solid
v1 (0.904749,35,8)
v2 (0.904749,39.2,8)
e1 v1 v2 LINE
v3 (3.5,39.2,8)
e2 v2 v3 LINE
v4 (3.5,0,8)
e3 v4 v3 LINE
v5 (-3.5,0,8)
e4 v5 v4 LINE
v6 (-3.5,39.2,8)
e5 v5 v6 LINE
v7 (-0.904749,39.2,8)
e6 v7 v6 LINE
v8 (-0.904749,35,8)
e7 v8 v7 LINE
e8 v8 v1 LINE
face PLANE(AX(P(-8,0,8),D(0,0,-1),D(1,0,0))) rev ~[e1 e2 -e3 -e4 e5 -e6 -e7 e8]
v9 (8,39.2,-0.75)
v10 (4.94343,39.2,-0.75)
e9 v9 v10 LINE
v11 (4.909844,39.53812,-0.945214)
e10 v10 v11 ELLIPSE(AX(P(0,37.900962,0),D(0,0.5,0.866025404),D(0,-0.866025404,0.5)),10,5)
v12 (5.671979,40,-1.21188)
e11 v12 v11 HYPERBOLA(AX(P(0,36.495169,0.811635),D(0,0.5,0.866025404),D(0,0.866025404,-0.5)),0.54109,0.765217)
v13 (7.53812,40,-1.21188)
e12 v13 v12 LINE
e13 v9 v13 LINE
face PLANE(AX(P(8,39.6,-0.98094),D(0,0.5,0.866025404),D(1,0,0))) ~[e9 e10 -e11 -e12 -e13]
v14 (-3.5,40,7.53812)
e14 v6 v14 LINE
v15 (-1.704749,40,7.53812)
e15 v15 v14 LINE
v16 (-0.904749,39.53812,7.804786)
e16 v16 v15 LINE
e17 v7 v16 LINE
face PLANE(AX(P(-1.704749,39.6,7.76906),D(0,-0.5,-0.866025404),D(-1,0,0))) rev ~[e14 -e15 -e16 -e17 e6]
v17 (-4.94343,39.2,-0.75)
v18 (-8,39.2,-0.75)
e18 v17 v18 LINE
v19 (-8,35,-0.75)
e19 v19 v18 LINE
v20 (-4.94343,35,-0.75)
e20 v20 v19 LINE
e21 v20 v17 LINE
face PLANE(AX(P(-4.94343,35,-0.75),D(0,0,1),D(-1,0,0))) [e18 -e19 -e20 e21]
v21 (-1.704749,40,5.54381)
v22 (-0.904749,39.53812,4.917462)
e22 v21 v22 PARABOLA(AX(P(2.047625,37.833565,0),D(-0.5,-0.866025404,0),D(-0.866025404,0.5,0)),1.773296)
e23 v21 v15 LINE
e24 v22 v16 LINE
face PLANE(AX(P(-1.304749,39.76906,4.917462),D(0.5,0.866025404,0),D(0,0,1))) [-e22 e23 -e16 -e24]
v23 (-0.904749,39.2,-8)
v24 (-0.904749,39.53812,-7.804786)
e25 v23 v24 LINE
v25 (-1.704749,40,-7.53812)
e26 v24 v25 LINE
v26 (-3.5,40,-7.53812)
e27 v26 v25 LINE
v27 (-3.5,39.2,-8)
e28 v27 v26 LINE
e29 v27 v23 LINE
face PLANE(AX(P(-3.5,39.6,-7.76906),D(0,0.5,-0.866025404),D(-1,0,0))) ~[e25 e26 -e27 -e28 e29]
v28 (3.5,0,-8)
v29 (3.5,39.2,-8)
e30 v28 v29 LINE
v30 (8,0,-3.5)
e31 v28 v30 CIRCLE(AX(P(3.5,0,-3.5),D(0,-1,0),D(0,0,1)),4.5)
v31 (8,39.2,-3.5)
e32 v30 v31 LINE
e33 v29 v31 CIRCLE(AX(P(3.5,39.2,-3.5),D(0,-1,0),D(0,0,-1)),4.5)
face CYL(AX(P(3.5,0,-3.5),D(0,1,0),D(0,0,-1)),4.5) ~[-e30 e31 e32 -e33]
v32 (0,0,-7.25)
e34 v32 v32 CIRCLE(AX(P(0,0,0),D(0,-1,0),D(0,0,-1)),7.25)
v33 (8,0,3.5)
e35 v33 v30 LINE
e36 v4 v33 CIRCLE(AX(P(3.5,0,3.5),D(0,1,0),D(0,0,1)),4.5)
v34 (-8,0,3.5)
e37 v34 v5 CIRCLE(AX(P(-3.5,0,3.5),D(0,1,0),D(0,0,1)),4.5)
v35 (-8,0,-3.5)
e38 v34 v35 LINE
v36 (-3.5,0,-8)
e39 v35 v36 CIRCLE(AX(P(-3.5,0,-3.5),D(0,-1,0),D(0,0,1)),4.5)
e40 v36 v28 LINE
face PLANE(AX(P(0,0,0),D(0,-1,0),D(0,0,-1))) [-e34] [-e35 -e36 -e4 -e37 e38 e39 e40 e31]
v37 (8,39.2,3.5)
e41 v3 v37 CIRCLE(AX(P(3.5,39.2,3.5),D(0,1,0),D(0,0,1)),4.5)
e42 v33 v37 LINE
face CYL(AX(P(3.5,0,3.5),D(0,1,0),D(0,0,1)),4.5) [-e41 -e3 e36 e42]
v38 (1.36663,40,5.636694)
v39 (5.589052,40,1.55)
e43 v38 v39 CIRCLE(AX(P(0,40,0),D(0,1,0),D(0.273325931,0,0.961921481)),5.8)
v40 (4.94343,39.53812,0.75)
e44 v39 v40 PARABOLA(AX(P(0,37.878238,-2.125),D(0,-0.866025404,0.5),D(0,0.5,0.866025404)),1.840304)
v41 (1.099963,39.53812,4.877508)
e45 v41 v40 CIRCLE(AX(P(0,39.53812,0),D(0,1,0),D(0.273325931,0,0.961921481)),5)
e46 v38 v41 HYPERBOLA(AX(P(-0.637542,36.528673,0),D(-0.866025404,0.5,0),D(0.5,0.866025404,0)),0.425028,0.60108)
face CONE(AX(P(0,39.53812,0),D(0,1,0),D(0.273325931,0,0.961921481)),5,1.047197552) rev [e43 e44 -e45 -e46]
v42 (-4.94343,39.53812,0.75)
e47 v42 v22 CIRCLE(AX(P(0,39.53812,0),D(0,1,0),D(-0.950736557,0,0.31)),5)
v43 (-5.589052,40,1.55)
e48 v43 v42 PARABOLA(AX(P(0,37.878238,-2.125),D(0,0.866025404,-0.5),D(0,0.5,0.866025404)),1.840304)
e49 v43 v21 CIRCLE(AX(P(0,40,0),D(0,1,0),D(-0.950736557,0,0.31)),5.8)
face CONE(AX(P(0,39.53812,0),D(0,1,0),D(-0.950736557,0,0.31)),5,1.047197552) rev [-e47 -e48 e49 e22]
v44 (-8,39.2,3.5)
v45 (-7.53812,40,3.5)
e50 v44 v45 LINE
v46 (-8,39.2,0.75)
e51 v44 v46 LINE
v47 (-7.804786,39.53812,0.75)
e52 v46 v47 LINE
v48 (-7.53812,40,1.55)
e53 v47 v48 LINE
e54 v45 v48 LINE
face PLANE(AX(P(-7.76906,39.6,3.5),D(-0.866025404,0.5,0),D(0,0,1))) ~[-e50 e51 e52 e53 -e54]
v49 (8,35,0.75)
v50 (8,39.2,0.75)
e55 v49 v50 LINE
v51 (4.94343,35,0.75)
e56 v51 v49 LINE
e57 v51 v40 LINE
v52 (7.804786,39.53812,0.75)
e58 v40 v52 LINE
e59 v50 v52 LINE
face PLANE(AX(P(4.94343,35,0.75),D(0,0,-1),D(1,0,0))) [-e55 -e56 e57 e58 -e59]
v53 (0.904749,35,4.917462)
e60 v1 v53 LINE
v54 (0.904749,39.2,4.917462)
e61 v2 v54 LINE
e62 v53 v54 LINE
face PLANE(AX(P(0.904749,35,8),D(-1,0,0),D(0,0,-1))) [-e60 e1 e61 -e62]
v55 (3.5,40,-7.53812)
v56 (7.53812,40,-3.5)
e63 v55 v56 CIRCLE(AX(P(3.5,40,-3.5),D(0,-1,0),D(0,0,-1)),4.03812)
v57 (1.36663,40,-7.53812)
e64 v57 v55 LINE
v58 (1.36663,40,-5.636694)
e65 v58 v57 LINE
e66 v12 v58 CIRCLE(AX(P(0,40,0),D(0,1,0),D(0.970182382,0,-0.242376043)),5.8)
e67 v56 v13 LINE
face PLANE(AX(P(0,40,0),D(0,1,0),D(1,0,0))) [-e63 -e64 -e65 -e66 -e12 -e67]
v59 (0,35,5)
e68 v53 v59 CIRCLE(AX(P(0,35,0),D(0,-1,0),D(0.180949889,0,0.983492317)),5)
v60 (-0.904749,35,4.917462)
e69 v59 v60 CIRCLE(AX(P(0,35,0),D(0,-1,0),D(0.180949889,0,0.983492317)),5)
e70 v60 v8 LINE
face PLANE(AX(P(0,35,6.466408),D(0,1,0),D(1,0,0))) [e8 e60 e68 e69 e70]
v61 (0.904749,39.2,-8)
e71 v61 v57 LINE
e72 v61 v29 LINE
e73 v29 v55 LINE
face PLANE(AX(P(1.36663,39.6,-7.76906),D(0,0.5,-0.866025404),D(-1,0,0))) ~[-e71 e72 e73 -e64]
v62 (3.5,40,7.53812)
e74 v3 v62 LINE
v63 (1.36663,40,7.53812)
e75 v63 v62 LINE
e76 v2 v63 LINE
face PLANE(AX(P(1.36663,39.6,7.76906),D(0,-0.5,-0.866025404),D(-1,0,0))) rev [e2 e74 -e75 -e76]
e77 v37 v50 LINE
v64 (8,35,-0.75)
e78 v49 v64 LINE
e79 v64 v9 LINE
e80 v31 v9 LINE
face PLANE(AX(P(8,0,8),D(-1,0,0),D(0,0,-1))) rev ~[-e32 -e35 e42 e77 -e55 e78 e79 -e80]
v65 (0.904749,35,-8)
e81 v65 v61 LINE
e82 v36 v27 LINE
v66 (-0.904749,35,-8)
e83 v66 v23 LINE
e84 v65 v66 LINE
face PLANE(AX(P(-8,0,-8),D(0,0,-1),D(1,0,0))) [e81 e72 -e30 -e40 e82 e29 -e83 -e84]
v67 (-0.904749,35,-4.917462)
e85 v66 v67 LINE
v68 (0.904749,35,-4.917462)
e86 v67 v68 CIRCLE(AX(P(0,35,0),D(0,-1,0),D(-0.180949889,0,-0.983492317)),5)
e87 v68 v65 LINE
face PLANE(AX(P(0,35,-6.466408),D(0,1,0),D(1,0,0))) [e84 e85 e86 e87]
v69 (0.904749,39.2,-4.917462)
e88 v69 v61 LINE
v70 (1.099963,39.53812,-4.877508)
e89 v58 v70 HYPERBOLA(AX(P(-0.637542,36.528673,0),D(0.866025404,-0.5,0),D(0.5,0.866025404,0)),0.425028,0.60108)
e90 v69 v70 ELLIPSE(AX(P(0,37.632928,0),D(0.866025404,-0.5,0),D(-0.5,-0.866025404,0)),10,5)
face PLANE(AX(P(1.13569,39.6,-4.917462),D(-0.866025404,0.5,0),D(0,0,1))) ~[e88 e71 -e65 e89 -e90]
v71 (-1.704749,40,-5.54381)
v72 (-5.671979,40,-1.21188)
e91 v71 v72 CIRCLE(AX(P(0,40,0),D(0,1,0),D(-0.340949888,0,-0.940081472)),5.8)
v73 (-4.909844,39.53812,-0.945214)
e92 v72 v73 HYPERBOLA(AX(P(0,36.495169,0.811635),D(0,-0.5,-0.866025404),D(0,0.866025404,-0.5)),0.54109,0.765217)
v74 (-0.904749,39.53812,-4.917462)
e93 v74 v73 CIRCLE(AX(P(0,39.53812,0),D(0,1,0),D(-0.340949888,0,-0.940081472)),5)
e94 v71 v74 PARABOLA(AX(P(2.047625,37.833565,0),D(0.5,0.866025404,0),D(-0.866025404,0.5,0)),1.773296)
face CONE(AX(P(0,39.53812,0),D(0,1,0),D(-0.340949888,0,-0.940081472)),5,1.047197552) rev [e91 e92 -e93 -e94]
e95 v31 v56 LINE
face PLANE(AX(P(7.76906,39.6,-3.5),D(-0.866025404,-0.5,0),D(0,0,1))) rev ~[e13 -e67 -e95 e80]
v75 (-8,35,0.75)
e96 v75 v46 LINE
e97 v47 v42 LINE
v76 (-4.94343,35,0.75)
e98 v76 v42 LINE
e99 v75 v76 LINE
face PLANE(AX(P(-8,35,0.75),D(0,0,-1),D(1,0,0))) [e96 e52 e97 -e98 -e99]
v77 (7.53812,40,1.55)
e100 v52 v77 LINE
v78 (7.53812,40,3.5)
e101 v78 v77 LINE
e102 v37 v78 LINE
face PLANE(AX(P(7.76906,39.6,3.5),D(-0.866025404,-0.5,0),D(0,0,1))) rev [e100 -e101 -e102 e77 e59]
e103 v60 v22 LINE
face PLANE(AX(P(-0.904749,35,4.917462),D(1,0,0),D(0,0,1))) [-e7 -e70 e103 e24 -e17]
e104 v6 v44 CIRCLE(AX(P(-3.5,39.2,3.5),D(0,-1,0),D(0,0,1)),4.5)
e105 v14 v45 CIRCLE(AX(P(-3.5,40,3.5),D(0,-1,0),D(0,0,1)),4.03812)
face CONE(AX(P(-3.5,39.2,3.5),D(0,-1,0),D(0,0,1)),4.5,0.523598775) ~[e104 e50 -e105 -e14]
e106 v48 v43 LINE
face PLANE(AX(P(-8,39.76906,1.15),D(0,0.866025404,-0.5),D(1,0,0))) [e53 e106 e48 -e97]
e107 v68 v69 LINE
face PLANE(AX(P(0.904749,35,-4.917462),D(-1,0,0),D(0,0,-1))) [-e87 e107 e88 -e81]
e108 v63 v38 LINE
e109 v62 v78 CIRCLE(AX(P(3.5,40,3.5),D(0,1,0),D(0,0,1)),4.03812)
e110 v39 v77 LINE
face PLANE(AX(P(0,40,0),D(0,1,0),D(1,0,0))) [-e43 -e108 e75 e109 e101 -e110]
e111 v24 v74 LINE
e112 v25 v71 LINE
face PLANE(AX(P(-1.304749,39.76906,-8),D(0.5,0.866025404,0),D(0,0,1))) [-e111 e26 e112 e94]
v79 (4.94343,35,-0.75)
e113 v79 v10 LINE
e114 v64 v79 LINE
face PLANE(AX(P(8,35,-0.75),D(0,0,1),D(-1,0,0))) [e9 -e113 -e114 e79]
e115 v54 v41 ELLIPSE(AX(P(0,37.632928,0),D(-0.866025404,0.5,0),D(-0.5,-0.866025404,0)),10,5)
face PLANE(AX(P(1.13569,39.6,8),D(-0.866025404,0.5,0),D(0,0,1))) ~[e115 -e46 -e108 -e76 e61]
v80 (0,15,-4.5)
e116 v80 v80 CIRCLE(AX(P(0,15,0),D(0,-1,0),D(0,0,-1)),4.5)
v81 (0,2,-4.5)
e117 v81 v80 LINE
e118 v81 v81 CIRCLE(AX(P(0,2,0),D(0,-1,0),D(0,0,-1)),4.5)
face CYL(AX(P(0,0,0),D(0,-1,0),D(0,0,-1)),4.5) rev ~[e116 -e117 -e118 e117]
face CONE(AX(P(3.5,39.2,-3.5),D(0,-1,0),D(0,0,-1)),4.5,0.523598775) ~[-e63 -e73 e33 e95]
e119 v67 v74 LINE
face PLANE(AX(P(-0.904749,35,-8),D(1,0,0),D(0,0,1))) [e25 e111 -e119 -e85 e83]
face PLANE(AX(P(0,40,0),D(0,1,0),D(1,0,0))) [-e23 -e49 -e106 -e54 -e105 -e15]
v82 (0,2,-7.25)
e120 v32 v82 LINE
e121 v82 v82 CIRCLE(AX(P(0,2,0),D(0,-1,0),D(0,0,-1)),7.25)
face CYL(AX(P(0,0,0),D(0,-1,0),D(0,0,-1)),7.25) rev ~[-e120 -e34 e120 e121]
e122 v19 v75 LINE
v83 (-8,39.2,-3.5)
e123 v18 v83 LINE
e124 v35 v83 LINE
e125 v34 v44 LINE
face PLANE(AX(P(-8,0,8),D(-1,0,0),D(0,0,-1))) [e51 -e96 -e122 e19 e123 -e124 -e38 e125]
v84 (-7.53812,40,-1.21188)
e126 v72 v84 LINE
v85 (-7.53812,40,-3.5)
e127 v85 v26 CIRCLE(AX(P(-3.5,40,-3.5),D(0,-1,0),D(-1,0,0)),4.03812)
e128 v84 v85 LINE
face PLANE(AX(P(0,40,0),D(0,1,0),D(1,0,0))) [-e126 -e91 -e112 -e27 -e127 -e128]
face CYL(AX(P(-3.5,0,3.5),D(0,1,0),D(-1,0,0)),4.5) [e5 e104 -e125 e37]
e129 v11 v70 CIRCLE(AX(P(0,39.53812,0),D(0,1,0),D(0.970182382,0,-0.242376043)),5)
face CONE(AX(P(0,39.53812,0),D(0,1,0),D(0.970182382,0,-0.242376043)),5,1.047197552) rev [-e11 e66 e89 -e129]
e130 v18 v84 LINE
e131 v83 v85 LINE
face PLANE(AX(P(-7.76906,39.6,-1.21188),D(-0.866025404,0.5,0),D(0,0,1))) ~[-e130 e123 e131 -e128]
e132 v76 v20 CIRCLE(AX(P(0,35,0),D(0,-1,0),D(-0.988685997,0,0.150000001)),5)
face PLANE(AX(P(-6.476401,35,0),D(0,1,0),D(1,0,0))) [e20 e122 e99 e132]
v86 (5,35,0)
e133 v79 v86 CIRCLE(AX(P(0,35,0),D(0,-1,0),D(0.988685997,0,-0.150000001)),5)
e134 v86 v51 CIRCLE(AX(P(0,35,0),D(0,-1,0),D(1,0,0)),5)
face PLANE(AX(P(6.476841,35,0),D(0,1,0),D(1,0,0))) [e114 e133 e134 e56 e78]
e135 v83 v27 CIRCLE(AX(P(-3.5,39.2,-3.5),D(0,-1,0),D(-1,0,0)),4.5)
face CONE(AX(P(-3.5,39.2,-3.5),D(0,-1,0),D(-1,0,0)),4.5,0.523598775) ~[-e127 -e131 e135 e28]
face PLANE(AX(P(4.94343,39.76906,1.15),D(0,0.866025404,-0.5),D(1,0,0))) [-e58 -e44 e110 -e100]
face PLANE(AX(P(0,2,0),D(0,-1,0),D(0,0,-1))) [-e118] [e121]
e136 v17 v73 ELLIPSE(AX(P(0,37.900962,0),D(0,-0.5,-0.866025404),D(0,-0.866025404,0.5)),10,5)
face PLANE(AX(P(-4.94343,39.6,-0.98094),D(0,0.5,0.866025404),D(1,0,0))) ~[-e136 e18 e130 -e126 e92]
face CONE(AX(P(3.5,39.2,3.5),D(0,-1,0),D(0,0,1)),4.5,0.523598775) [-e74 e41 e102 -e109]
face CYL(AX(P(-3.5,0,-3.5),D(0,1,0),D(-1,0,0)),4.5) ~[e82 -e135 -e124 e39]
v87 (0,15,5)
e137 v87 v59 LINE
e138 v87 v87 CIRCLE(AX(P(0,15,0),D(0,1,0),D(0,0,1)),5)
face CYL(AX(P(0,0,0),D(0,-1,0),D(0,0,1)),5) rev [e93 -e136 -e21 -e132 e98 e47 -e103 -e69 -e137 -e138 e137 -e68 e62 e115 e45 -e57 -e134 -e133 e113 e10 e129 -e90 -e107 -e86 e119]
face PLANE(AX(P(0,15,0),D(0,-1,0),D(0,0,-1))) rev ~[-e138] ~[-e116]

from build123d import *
from OCP.BRepFilletAPI import BRepFilletAPI_MakeChamfer

# Parameters (mm, degrees)
SKETCH1_W           = 16
SKETCH1_H           = 16
SKETCH1_R           = 5
BOSS_EXTRUDE1_DEPTH = 40
FILLET1_R           = 4.5
CUT_EXTRUDE1_START  = -5
CUT_EXTRUDE1_DEPTH  = 5
CHAMFER1_SIZE       = 0.8
CHAMFER1_SIZE2      = 0.461880215
CHAMFER2_SIZE       = 0.8
CHAMFER2_SIZE2      = 0.461880215
SKETCH3_R           = 5
SKETCH3_R_2         = 4.5
BOSS_EXTRUDE2_DEPTH = 15
SKETCH4_R           = 7.25
CUT_EXTRUDE2_DEPTH  = 2


with BuildPart() as part:
    # Sketch1 → Boss-Extrude1 (new body)
    with BuildSketch(Plane(origin=(0, 0, 0), x_dir=(1, 0, 0), z_dir=(0, 1, 0))):
        Rectangle(SKETCH1_W, SKETCH1_H)
        with Locations(Location((0, 0, 0), (0, 0, 270))):
            Circle(SKETCH1_R, mode=Mode.SUBTRACT)
    extrude(amount=BOSS_EXTRUDE1_DEPTH)

    # Fillet1
    fillet1_edges = [part.edges().sort_by_distance(p)[0] for p in [
        (8, 20, 8),
        (-8, 20, 8),
        (-8, 20, -8),
        (8, 20, -8),
    ]]
    fillet(fillet1_edges, radius=FILLET1_R)

    # Sketch2 → Cut-Extrude1 (cut)
    with BuildSketch(Plane(origin=(0, 40, 0), x_dir=(1, 0, 0), z_dir=(0, 1, 0)).offset(CUT_EXTRUDE1_START)):
        with BuildLine():
            ThreePointArc((5, 0), (4.985837438, -0.376065209), (4.943429983, -0.75))
            Line((4.943429983, -0.75), (8, -0.75))
            Line((8, -0.75), (8, 0.75))
            Line((8, 0.75), (4.943429983, 0.75))
            ThreePointArc((4.943429983, 0.75), (4.985837438, 0.376065209), (5, 0))
        make_face()
        with BuildLine():
            Line((-0.904749438, 8), (-0.904749438, 4.917461586))
            ThreePointArc((-0.904749438, 4.917461586), (0, 5), (0.904749438, 4.917461586))
            Line((0.904749438, 4.917461586), (0.904749438, 8))
            Line((0.904749438, 8), (-0.904749438, 8))
        make_face()
        with BuildLine():
            ThreePointArc((0.904749438, -4.917461586), (0, -5), (-0.904749438, -4.917461586))
            Line((-0.904749438, -4.917461586), (-0.904749438, -8))
            Line((-0.904749438, -8), (0.904749438, -8))
            Line((0.904749438, -8), (0.904749438, -4.917461586))
        make_face()
        with BuildLine():
            Line((-8, 0.75), (-8, -0.75))
            Line((-8, -0.75), (-4.943429983, -0.75))
            ThreePointArc((-4.943429983, -0.75), (-5, 0), (-4.943429983, 0.75))
            Line((-4.943429983, 0.75), (-8, 0.75))
        make_face()
    extrude(amount=CUT_EXTRUDE1_DEPTH, mode=Mode.SUBTRACT)

    # Chamfer1: one chamfer whose edges measure the first distance from different faces: ONE call of the kernel's chamfer builder (chamfer() names one face for all edges)
    chamfer1_edges_1 = [part.edges().sort_by_distance(p)[0] for p in [
        (6.471714992, 40, -0.75),
    ]]
    chamfer1_side_1 = [part.faces().sort_by_distance(p)[0] for p in [
        (6.471714992, 37.5, -0.75),
    ]]
    chamfer1_edges_2 = [part.edges().sort_by_distance(p)[0] for p in [
        (6.471714992, 40, 0.75),
    ]]
    chamfer1_side_2 = [part.faces().sort_by_distance(p)[0] for p in [
        (4.797663916, 40, 4.721192893),
    ]]
    chamfer1_edges_3 = [part.edges().sort_by_distance(p)[0] for p in [
        (0.904749438, 40, -6.458730793),
    ]]
    chamfer1_side_3 = [part.faces().sort_by_distance(p)[0] for p in [
        (0.904749438, 37.5, -6.458730793),
    ]]
    chamfer1_edges_4 = [part.edges().sort_by_distance(p)[0] for p in [
        (-0.904749438, 40, -6.458730793),
    ]]
    chamfer1_side_4 = [part.faces().sort_by_distance(p)[0] for p in [
        (-4.797663916, 40, -4.721192893),
    ]]
    chamfer1_edges_5 = [part.edges().sort_by_distance(p)[0] for p in [
        (0.904749438, 40, 6.458730793),
    ]]
    chamfer1_side_5 = [part.faces().sort_by_distance(p)[0] for p in [
        (0.904749438, 37.5, 6.458730793),
    ]]
    chamfer1_edges_6 = [part.edges().sort_by_distance(p)[0] for p in [
        (-0.904749438, 40, 6.458730793),
        (-6.471714992, 40, 0.75),
    ]]
    chamfer1_side_6 = [part.faces().sort_by_distance(p)[0] for p in [
        (-4.797663916, 40, 4.721192893),
    ]]
    chamfer1_edges_7 = [part.edges().sort_by_distance(p)[0] for p in [
        (-6.471714992, 40, -0.75),
    ]]
    chamfer1_side_7 = [part.faces().sort_by_distance(p)[0] for p in [
        (-6.471714992, 37.5, -0.75),
    ]]
    chamfer1 = BRepFilletAPI_MakeChamfer(part.part.solid().wrapped)
    for e in chamfer1_edges_1:
        chamfer1.Add(CHAMFER1_SIZE, CHAMFER1_SIZE2, e.wrapped, chamfer1_side_1[0].wrapped)  # the first distance lies on this face
    for e in chamfer1_edges_2:
        chamfer1.Add(CHAMFER1_SIZE, CHAMFER1_SIZE2, e.wrapped, chamfer1_side_2[0].wrapped)  # the first distance lies on this face
    for e in chamfer1_edges_3:
        chamfer1.Add(CHAMFER1_SIZE, CHAMFER1_SIZE2, e.wrapped, chamfer1_side_3[0].wrapped)  # the first distance lies on this face
    for e in chamfer1_edges_4:
        chamfer1.Add(CHAMFER1_SIZE, CHAMFER1_SIZE2, e.wrapped, chamfer1_side_4[0].wrapped)  # the first distance lies on this face
    for e in chamfer1_edges_5:
        chamfer1.Add(CHAMFER1_SIZE, CHAMFER1_SIZE2, e.wrapped, chamfer1_side_5[0].wrapped)  # the first distance lies on this face
    for e in chamfer1_edges_6:
        chamfer1.Add(CHAMFER1_SIZE, CHAMFER1_SIZE2, e.wrapped, chamfer1_side_6[0].wrapped)  # the first distance lies on this face
    for e in chamfer1_edges_7:
        chamfer1.Add(CHAMFER1_SIZE, CHAMFER1_SIZE2, e.wrapped, chamfer1_side_7[0].wrapped)  # the first distance lies on this face
    add(Compound.cast(chamfer1.Shape()), mode=Mode.REPLACE)

    # Chamfer2: one chamfer whose edges measure the first distance from different faces: ONE call of the kernel's chamfer builder (chamfer() names one face for all edges)
    chamfer2_edges_1 = [part.edges().sort_by_distance(p)[0] for p in [
        (-3.592924063, 40, 3.477196669),
    ]]
    chamfer2_side_1 = [part.faces().sort_by_distance(p)[0] for p in [
        (-4.956967709, 40, 4.876915228),
    ]]
    chamfer2_edges_2 = [part.edges().sort_by_distance(p)[0] for p in [
        (3.467104871, 40, 3.602663433),
    ]]
    chamfer2_side_2 = [part.faces().sort_by_distance(p)[0] for p in [
        (4.836216734, 40, 4.929925488),
    ]]
    chamfer2_edges_3 = [part.edges().sort_by_distance(p)[0] for p in [
        (3.59170795, 40, -3.478452817),
    ]]
    chamfer2_side_3 = [part.faces().sort_by_distance(p)[0] for p in [
        (4.888861893, 40, -4.810636969),
    ]]
    chamfer2_edges_4 = [part.edges().sort_by_distance(p)[0] for p in [
        (-3.713035057, 40, -3.348637136),
    ]]
    chamfer2_side_4 = [part.faces().sort_by_distance(p)[0] for p in [
        (-5.007269345, 40, -4.755258355),
    ]]
    chamfer2_edges_5 = [part.edges().sort_by_distance(p)[0] for p in [
        (-2.602374719, 40, -8),
        (2.433314827, 40, -8),
    ]]
    chamfer2_side_5 = [part.faces().sort_by_distance(p)[0] for p in [
        (7.6955e-05, 19.387827312, -8),
    ]]
    chamfer2_edges_6 = [part.edges().sort_by_distance(p)[0] for p in [
        (-8, 40, -2.355940108),
        (-8, 40, 2.525),
    ]]
    chamfer2_side_6 = [part.faces().sort_by_distance(p)[0] for p in [
        (-8, 19.4908238, -7.6518e-05),
    ]]
    chamfer2_edges_7 = [part.edges().sort_by_distance(p)[0] for p in [
        (-6.681980515, 40, -6.681980515),
    ]]
    chamfer2_side_7 = [part.faces().sort_by_distance(p)[0] for p in [
        (-6.681980515, 20, -6.681980515),
    ]]
    chamfer2_edges_8 = [part.edges().sort_by_distance(p)[0] for p in [
        (-2.602374719, 40, 8),
        (2.433314827, 40, 8),
    ]]
    chamfer2_side_8 = [part.faces().sort_by_distance(p)[0] for p in [
        (7.6955e-05, 19.387827312, 8),
    ]]
    chamfer2_edges_9 = [part.edges().sort_by_distance(p)[0] for p in [
        (-6.681980515, 40, 6.681980515),
    ]]
    chamfer2_side_9 = [part.faces().sort_by_distance(p)[0] for p in [
        (-6.681980515, 20, 6.681980515),
    ]]
    chamfer2_edges_10 = [part.edges().sort_by_distance(p)[0] for p in [
        (8, 40, 2.525),
        (8, 40, -2.355940108),
    ]]
    chamfer2_side_10 = [part.faces().sort_by_distance(p)[0] for p in [
        (8, 19.4908238, -7.6518e-05),
    ]]
    chamfer2_edges_11 = [part.edges().sort_by_distance(p)[0] for p in [
        (6.681980515, 40, 6.681980515),
    ]]
    chamfer2_side_11 = [part.faces().sort_by_distance(p)[0] for p in [
        (6.681980515, 20, 6.681980515),
    ]]
    chamfer2_edges_12 = [part.edges().sort_by_distance(p)[0] for p in [
        (6.681980515, 40, -6.681980515),
    ]]
    chamfer2_side_12 = [part.faces().sort_by_distance(p)[0] for p in [
        (6.681980515, 20, -6.681980515),
    ]]
    chamfer2 = BRepFilletAPI_MakeChamfer(part.part.solid().wrapped)
    for e in chamfer2_edges_1:
        chamfer2.Add(CHAMFER2_SIZE, CHAMFER2_SIZE2, e.wrapped, chamfer2_side_1[0].wrapped)  # the first distance lies on this face
    for e in chamfer2_edges_2:
        chamfer2.Add(CHAMFER2_SIZE, CHAMFER2_SIZE2, e.wrapped, chamfer2_side_2[0].wrapped)  # the first distance lies on this face
    for e in chamfer2_edges_3:
        chamfer2.Add(CHAMFER2_SIZE, CHAMFER2_SIZE2, e.wrapped, chamfer2_side_3[0].wrapped)  # the first distance lies on this face
    for e in chamfer2_edges_4:
        chamfer2.Add(CHAMFER2_SIZE, CHAMFER2_SIZE2, e.wrapped, chamfer2_side_4[0].wrapped)  # the first distance lies on this face
    for e in chamfer2_edges_5:
        chamfer2.Add(CHAMFER2_SIZE, CHAMFER2_SIZE2, e.wrapped, chamfer2_side_5[0].wrapped)  # the first distance lies on this face
    for e in chamfer2_edges_6:
        chamfer2.Add(CHAMFER2_SIZE, CHAMFER2_SIZE2, e.wrapped, chamfer2_side_6[0].wrapped)  # the first distance lies on this face
    for e in chamfer2_edges_7:
        chamfer2.Add(CHAMFER2_SIZE, CHAMFER2_SIZE2, e.wrapped, chamfer2_side_7[0].wrapped)  # the first distance lies on this face
    for e in chamfer2_edges_8:
        chamfer2.Add(CHAMFER2_SIZE, CHAMFER2_SIZE2, e.wrapped, chamfer2_side_8[0].wrapped)  # the first distance lies on this face
    for e in chamfer2_edges_9:
        chamfer2.Add(CHAMFER2_SIZE, CHAMFER2_SIZE2, e.wrapped, chamfer2_side_9[0].wrapped)  # the first distance lies on this face
    for e in chamfer2_edges_10:
        chamfer2.Add(CHAMFER2_SIZE, CHAMFER2_SIZE2, e.wrapped, chamfer2_side_10[0].wrapped)  # the first distance lies on this face
    for e in chamfer2_edges_11:
        chamfer2.Add(CHAMFER2_SIZE, CHAMFER2_SIZE2, e.wrapped, chamfer2_side_11[0].wrapped)  # the first distance lies on this face
    for e in chamfer2_edges_12:
        chamfer2.Add(CHAMFER2_SIZE, CHAMFER2_SIZE2, e.wrapped, chamfer2_side_12[0].wrapped)  # the first distance lies on this face
    add(Compound.cast(chamfer2.Shape()), mode=Mode.REPLACE)

    # Sketch3 → Boss-Extrude2 (add)
    with BuildSketch(Plane.XZ):
        with Locations(Location((0, 0, 0), (0, 0, 270))):
            Circle(SKETCH3_R)
        with Locations(Location((0, 0, 0), (0, 0, 270))):
            Circle(SKETCH3_R_2, mode=Mode.SUBTRACT)
    extrude(amount=-BOSS_EXTRUDE2_DEPTH)

    # Sketch4 → Cut-Extrude2 (cut)
    with BuildSketch(Plane.XZ):
        with Locations(Location((0, 0, 0), (0, 0, 270))):
            Circle(SKETCH4_R)
    extrude(amount=-CUT_EXTRUDE2_DEPTH, mode=Mode.SUBTRACT)


solid = part.part
